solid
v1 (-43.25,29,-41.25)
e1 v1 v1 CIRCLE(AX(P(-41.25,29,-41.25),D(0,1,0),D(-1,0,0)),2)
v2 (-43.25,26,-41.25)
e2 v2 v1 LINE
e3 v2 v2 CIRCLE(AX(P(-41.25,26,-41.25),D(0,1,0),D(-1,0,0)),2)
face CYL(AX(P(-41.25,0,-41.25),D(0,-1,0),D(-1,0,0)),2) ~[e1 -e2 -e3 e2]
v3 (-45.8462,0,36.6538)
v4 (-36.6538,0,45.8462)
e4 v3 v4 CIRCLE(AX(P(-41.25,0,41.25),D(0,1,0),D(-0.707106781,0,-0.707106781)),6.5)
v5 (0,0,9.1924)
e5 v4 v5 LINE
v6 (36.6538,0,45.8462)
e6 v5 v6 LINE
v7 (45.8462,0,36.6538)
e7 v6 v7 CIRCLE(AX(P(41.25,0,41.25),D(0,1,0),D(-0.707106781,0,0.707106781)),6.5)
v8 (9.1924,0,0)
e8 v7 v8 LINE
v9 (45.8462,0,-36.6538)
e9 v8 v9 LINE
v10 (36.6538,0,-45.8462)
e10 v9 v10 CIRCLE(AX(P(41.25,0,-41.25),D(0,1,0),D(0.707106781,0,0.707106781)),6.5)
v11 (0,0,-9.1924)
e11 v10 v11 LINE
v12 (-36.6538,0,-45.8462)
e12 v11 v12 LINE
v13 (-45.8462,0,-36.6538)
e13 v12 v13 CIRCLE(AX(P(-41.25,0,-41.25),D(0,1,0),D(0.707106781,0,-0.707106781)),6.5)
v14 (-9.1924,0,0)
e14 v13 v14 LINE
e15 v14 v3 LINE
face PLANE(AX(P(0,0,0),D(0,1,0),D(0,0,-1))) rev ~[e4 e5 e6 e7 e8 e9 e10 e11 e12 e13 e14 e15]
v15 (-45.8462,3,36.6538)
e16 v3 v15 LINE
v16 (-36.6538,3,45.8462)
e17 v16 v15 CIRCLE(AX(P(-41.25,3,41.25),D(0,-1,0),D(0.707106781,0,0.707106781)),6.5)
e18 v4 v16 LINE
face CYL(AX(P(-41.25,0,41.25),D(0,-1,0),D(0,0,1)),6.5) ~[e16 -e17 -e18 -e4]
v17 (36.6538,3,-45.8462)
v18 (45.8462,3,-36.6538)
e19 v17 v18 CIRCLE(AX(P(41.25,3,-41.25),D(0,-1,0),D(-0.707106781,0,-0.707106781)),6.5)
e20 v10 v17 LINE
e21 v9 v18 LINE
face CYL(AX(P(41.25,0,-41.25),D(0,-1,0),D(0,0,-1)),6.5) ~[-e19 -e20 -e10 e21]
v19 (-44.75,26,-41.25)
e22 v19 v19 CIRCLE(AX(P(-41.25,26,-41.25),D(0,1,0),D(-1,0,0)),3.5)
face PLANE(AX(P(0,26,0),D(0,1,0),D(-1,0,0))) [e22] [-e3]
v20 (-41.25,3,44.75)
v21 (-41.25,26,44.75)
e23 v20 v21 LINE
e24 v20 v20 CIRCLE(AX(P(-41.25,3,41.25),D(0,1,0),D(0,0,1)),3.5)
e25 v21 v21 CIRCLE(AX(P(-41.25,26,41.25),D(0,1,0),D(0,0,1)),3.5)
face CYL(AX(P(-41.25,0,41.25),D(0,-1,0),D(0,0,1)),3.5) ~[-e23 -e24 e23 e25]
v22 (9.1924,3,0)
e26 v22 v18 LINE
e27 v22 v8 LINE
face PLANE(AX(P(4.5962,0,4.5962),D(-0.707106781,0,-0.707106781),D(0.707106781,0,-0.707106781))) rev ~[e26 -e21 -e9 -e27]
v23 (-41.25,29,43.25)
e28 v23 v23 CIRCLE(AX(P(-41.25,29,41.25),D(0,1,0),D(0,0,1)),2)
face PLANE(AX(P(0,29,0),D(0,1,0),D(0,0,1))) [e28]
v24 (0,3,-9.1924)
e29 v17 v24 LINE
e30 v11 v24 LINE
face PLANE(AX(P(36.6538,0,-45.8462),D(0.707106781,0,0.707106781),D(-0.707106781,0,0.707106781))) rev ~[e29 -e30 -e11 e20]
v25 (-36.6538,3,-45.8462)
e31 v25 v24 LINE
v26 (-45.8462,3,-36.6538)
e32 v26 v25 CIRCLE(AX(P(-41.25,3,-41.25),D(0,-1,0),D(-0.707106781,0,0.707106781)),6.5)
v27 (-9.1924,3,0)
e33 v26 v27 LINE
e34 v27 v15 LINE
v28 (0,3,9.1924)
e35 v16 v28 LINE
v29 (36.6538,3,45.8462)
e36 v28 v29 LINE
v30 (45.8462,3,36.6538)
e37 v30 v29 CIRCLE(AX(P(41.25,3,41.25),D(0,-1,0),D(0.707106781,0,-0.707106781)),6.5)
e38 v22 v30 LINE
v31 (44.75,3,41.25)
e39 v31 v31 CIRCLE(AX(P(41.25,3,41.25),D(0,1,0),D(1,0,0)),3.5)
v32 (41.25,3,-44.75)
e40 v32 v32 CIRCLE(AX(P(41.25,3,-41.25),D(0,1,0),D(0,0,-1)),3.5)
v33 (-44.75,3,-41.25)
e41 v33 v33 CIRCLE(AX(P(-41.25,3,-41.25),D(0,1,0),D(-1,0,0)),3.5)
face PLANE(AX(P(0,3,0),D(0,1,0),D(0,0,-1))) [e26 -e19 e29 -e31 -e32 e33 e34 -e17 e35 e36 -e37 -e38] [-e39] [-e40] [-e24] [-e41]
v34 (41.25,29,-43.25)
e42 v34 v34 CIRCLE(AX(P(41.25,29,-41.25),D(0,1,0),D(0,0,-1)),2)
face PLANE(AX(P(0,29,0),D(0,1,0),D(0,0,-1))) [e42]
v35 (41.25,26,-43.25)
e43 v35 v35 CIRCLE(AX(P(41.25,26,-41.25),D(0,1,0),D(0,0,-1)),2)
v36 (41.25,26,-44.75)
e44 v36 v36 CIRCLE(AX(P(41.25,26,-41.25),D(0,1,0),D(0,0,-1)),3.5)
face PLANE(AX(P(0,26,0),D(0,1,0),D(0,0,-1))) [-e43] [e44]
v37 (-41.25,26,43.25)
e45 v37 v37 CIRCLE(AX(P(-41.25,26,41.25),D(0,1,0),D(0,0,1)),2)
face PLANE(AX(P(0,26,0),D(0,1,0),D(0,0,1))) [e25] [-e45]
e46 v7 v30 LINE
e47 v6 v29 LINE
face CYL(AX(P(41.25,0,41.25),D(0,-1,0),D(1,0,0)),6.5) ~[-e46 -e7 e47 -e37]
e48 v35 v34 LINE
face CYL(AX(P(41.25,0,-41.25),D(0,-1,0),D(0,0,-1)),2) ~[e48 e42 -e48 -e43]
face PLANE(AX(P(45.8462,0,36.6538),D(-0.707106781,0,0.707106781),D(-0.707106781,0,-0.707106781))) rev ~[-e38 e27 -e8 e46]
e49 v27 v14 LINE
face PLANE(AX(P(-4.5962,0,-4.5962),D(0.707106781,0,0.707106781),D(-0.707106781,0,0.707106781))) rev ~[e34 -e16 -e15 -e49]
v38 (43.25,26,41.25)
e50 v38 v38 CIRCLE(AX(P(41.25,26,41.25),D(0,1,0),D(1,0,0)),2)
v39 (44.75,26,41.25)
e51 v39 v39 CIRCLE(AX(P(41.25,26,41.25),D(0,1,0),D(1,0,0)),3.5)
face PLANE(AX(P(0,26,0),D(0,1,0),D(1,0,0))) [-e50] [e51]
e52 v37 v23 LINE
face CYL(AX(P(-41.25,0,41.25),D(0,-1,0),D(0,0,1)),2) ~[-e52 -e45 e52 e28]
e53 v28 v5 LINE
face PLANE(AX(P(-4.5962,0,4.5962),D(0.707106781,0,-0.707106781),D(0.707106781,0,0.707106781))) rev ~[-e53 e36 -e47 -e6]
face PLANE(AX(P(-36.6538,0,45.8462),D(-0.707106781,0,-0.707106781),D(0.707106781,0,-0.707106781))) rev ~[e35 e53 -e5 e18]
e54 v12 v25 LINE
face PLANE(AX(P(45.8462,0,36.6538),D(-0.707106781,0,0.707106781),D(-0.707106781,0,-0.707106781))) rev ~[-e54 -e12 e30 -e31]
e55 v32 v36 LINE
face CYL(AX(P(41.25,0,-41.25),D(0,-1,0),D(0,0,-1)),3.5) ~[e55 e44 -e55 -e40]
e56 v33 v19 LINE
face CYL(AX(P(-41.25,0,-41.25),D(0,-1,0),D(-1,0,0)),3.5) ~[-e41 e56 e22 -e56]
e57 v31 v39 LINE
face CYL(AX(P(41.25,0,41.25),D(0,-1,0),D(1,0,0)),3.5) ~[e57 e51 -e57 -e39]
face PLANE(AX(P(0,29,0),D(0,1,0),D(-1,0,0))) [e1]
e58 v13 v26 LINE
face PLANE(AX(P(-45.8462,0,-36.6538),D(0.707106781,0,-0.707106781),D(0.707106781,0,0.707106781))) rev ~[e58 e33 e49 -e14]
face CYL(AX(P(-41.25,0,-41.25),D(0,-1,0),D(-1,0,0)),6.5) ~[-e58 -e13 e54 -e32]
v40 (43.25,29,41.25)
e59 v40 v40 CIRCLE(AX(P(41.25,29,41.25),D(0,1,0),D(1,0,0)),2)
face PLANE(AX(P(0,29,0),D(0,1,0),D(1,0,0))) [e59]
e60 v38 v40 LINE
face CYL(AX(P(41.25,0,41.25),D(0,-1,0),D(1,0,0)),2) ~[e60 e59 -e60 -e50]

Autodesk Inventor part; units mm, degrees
ref_plane "YZ Plane" through (0, 0, 0) normal (1, 0, 0) x (0, 1, 0)
ref_plane "XZ Plane" through (0, 0, 0) normal (0, 1, 0) x (-1, 0, 0)
ref_plane "XY Plane" through (0, 0, 0) normal (0, 0, 1) x (1, 0, 0)
sketch "Sketch1" plane through (0, 0, 0) normal (0, 1, 0) x (-1, 0, 0)
  line L0 (41.25, -41.25) -> (-41.25, -41.25) construction
  line L1 (-41.25, -41.25) -> (-41.25, 41.25) construction
  line L2 (-41.25, 41.25) -> (41.25, 41.25) construction
  line L3 (41.25, 41.25) -> (41.25, -41.25) construction
  circle A0 centre (41.25, -41.25) radius 3.5
  circle A1 centre (41.25, -41.25) radius 2
  circle A2 centre (41.25, -41.25) radius 6.5
  line L4 (45.8462, -36.6538) -> (4.5962, 4.5962)
  line L5 (4.5962, 4.5962) -> (-4.5962, -4.5962)
  line L6 (-4.5962, -4.5962) -> (36.6538, -45.8462)
  point P0 (0, 0)
  point P1 (0, -41.25)
  point P2 (-41.25, 0)
  point P3 (0, 0)
  dimension "d0" = 82.5
  dimension "d1" = 4
  dimension "d2" = 7
  dimension "d3" = 3
extrude "Extrusion1" add sketch "Sketch1" along normal blind 3 contours A2 L6 L5 L4
extrude "Extrusion2" add sketch "Sketch1" along normal blind 29 contours A1
extrude "Extrusion3" add sketch "Sketch1" along normal blind 26 contours A0
extrude "Extrusion4" add sketch "Sketch1" along normal blind 3 contours A2
pattern_circular "Circular Pattern1" count 4 over 360 about axis through (0, -10, 0) along (0, 1, 0) of "Extrusion1", "Extrusion2", "Extrusion3", "Extrusion4"
properties part number "ConformalCoatingJig_3DPrint"
